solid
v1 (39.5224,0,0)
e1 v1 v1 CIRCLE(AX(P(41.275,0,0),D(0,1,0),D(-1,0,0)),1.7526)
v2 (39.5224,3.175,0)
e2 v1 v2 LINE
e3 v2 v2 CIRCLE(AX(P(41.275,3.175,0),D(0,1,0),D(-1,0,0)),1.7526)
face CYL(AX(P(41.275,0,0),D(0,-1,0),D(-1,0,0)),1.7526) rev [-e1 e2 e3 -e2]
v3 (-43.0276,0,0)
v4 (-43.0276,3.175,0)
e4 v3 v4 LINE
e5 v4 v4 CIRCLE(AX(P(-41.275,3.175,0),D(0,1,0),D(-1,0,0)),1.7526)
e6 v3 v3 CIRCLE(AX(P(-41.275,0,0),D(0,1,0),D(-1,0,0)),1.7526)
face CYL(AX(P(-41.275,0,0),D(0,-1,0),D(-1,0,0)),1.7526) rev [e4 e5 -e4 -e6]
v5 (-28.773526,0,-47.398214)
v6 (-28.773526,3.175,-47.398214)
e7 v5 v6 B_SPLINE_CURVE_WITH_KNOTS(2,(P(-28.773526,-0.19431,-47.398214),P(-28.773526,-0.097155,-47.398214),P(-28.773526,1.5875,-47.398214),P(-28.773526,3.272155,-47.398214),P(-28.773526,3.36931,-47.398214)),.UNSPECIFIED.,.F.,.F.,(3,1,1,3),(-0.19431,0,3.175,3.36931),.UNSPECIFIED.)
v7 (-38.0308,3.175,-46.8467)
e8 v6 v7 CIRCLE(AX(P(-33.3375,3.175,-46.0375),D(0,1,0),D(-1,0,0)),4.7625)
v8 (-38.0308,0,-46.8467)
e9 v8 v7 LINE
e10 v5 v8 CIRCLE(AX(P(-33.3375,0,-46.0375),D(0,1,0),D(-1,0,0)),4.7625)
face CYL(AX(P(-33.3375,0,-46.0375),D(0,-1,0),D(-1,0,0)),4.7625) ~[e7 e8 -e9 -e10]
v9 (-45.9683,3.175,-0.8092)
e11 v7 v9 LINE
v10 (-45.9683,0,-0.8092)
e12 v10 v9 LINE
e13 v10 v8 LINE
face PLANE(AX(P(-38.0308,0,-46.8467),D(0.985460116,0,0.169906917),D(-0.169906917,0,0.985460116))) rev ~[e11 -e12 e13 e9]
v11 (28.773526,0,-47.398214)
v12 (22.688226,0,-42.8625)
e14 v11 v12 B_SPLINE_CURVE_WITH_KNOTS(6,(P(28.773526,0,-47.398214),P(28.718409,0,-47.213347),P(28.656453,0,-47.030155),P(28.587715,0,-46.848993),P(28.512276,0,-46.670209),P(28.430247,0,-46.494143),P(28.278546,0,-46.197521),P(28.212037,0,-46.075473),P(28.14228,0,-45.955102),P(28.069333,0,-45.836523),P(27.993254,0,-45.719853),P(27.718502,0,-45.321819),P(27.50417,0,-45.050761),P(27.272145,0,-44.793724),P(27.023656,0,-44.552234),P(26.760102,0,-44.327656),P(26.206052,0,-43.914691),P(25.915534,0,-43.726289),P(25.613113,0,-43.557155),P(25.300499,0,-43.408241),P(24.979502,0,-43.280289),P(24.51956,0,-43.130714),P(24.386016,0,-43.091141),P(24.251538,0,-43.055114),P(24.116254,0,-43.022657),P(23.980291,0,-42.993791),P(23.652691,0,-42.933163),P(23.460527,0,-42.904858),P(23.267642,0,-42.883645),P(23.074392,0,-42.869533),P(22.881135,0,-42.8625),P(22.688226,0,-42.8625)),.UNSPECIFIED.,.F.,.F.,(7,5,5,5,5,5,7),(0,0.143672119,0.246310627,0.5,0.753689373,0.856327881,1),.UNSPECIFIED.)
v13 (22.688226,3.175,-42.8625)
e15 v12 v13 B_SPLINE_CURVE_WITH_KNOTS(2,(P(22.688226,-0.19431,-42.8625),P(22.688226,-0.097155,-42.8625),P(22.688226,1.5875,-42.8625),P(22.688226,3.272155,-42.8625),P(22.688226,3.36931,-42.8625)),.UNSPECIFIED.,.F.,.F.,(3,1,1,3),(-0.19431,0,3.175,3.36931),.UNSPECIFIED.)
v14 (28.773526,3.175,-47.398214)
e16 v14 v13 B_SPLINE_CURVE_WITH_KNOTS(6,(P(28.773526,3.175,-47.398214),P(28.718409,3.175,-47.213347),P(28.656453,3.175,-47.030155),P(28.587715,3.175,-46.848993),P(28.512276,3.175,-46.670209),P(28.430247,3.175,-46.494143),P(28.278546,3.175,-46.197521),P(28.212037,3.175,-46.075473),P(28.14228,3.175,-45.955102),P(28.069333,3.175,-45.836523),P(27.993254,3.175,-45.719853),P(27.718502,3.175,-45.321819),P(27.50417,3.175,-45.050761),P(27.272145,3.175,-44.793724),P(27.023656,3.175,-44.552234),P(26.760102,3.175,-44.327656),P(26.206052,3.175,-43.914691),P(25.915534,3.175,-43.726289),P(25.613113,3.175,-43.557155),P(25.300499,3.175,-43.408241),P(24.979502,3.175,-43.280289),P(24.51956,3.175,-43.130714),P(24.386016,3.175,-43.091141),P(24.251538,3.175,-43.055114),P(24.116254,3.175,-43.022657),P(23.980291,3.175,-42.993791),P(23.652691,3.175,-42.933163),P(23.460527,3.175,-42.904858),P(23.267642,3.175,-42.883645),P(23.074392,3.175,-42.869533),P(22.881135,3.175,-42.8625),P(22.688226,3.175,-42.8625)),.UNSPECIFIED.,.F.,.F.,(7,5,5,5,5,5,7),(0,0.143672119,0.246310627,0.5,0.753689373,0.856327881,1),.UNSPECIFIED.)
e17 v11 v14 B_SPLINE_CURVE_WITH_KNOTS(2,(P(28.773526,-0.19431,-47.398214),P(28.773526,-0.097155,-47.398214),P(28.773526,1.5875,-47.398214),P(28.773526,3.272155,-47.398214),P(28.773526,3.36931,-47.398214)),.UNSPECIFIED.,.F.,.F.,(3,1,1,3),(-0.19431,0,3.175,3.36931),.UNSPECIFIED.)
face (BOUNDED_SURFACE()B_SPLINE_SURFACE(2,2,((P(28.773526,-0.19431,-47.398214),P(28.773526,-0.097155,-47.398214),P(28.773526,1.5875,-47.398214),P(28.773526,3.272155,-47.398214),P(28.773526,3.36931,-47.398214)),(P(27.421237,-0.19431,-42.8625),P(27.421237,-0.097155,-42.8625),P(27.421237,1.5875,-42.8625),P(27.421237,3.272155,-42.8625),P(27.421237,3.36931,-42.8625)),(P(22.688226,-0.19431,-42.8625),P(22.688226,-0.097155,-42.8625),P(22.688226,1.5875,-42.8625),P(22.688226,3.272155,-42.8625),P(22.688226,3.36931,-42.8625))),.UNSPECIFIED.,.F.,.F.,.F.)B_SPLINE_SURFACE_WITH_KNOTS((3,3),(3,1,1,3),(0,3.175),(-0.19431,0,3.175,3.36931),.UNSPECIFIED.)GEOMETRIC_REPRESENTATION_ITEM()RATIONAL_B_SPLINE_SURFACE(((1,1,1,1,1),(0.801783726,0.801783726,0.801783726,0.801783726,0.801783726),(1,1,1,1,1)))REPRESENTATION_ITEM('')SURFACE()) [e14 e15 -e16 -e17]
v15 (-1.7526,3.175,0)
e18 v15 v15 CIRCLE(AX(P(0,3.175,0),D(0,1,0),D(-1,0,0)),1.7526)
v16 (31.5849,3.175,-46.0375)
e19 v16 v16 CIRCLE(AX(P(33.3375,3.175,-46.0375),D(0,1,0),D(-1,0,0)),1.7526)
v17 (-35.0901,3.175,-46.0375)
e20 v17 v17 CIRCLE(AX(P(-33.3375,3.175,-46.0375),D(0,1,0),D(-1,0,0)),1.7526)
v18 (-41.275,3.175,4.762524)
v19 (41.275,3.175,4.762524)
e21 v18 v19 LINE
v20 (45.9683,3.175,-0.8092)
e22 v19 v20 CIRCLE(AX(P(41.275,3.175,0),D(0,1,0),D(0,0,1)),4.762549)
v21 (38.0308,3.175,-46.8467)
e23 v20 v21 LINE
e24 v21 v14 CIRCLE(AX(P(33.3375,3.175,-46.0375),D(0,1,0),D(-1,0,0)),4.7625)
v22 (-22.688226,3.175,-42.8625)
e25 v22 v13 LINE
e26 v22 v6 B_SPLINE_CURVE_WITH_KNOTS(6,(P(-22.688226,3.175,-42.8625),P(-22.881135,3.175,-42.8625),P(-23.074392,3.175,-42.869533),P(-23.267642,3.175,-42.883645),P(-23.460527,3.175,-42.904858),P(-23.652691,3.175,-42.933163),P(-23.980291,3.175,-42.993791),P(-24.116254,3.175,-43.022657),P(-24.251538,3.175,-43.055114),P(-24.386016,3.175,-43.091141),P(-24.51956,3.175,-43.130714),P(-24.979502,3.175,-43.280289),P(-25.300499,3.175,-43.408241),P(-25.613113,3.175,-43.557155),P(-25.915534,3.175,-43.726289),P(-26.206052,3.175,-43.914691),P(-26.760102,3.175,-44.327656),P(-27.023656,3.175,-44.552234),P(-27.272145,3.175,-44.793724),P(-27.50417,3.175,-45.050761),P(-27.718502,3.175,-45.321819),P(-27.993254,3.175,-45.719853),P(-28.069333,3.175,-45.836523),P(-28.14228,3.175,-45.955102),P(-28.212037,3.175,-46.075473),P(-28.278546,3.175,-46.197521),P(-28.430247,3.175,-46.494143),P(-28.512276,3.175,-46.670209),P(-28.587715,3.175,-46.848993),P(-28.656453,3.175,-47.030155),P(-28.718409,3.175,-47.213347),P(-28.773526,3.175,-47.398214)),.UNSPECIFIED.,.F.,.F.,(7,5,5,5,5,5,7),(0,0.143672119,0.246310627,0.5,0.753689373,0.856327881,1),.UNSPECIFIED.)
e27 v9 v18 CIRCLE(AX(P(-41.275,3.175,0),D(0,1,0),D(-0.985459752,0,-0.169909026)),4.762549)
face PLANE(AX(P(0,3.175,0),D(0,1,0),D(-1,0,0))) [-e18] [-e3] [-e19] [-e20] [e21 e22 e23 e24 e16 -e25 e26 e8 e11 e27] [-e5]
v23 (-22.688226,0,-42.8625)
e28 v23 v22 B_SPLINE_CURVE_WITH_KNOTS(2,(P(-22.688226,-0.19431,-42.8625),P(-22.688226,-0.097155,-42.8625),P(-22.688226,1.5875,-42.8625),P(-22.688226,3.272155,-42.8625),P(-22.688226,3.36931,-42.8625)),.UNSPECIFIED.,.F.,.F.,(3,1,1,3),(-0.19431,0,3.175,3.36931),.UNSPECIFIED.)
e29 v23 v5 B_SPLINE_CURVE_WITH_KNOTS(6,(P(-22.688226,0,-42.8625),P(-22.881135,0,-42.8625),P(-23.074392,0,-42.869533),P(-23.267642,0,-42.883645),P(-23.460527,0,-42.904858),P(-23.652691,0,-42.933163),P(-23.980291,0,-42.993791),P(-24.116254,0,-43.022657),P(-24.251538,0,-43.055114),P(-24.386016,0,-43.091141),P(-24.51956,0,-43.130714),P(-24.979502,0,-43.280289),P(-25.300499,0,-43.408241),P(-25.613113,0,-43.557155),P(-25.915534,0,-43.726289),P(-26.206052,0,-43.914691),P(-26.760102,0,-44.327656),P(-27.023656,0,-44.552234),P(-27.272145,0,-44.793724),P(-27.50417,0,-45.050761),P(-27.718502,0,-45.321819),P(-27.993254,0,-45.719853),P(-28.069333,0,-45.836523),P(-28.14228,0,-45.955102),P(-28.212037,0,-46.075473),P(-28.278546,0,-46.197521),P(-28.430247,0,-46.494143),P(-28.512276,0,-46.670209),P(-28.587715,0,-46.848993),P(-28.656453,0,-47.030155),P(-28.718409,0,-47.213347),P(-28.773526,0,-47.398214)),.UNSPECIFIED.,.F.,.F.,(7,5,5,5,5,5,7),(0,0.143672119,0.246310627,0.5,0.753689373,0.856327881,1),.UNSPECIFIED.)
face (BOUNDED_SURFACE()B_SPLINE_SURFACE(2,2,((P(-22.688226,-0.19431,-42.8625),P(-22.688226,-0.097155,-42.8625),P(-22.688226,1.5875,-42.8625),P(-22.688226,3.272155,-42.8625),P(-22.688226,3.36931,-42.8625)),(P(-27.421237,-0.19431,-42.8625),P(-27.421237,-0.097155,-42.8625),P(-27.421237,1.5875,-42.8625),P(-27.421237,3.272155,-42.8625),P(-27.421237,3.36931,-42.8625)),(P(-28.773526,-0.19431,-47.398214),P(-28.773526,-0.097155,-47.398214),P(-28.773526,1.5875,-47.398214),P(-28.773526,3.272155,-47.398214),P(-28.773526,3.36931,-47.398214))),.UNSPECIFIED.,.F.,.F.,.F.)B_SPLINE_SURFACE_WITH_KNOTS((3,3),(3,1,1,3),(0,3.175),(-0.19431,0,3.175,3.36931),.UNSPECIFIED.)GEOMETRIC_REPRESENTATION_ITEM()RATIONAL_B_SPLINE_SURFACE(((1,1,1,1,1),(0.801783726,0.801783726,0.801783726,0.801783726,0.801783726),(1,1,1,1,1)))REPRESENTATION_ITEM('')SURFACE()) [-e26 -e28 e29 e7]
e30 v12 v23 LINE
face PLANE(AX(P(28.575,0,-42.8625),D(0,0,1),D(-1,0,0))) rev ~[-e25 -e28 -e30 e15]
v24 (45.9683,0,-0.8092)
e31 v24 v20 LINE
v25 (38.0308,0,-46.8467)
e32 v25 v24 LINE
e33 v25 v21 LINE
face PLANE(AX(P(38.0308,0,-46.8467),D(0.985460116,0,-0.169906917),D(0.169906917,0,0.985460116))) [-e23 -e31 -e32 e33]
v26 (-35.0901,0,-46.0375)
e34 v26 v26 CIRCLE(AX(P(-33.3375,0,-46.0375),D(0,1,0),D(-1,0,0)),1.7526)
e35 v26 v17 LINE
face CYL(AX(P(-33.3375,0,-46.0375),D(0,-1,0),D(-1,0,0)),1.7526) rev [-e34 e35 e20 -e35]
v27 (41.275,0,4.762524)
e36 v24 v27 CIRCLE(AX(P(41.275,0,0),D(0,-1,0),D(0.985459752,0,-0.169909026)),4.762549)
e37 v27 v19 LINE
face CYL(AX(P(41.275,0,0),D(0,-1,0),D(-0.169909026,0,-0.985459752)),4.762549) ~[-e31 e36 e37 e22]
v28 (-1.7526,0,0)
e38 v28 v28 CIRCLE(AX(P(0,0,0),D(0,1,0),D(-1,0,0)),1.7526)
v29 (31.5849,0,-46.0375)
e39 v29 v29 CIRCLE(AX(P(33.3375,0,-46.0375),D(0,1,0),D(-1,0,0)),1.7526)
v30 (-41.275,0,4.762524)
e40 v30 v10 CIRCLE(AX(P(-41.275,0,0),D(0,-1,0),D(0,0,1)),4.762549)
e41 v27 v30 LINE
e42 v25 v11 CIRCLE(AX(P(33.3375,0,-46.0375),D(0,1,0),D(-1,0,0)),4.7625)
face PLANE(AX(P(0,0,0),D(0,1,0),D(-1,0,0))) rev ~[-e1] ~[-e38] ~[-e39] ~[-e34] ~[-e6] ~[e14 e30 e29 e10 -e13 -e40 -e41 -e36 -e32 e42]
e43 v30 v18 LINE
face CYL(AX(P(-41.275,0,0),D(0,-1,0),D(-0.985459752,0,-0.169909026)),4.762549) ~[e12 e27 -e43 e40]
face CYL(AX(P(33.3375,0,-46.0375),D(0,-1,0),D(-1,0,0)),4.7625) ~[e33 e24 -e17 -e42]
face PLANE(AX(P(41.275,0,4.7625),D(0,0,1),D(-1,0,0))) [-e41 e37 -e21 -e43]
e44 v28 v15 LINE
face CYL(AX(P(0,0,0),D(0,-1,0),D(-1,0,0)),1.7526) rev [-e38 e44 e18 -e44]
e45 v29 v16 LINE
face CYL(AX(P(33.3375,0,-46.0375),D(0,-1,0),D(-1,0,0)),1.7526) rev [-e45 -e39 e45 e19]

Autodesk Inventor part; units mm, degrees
ref_plane "YZ Plane" through (0, 0, 0) normal (1, 0, 0) x (0, 1, 0)
ref_plane "XZ Plane" through (0, 0, 0) normal (0, 1, 0) x (-1, 0, 0)
ref_plane "XY Plane" through (0, 0, 0) normal (0, 0, 1) x (1, 0, 0)
sketch "Sketch22" plane through (0, 0, 0) normal (0, 1, 0) x (-1, 0, 0)
  circle A0 centre (0, 0) radius 1.7526
  line L0 (0, 0) -> (-41.275, 0) construction
  circle A1 centre (-41.275, 0) radius 1.7526
  circle A2 centre (-82.55, -15.875) radius 1.7526
  circle A3 centre (-33.3375, -46.0375) radius 1.7526
  circle A4 centre (-34.925, -69.85) radius 1.7526
  circle A5 centre (-76.2, -55.5625) radius 1.7526
  circle A6 centre (-38.1, -87.3125) radius 3.302 construction
  circle A7 centre (-52.7601, -77.7875) radius 3.175 construction
  circle A8 centre (-76.2, -55.5625) radius 6.35 construction
  circle A9 centre (-38.1, -87.3125) radius 9.525 construction
  line L1 (-44.6537, -94.2244) -> (-85.429, -55.5625)
  line L2 (-46.8012, -83.4376) -> (-71.592, -59.9316) construction
  line L3 (-71.4375, -49.2125) -> (-88.9, -49.2125)
  line L4 (-88.9, -49.2125) -> (-88.9, -20.6375) construction
  line L5 (-88.9, -20.6375) -> (-71.4375, -20.6375)
  line L6 (-71.4375, -20.6375) -> (-71.4375, -49.2125)
  line L7 (-88.9, -49.2125) -> (-82.55, -49.2125)
  line L8 (-82.55, -49.2125) -> (-82.55, -55.5625) construction
  line L9 (-82.55, -55.5625) -> (-88.9, -55.5625)
  line L10 (-88.9, -55.5625) -> (-88.9, -49.2125)
  line L11 (-28.575, -87.3125) -> (-28.575, -42.8625)
  line L12 (-35.0901, -42.8625) -> (0, -42.8625)
  line L13 (0, -42.8625) -> (0, -38.1) construction
  line L14 (0, -38.1) -> (-35.0901, -38.1)
  line L15 (-35.0901, -38.1) -> (-35.0901, -42.8625) construction
  line L16 (-73.025, 4.7625) -> (0, 4.7625)
  line L17 (0, 4.7625) -> (0, -4.7625) construction
  line L18 (0, -4.7625) -> (-73.025, -4.7625)
  line L19 (-73.025, -4.7625) -> (-73.025, 4.7625)
  line L20 (-73.025, 4.7625) -> (0, -4.7625) construction
  line L21 (0, 4.7625) -> (-73.025, -4.7625) construction
  line L22 (-88.9, -20.6375) -> (-73.025, -20.6375)
  line L23 (-73.025, -20.6375) -> (-73.025, 0) construction
  line L24 (-73.025, 0) -> (-88.9, 0)
  line L25 (-88.9, 0) -> (-88.9, -20.6375)
  circle A10 centre (-52.7601, -77.7875) radius 6.35 construction
  circle A11 centre (-34.925, -69.85) radius 6.35 construction
  line L26 (-28.575, -74.7551) -> (-57.283, -82.2497)
  circle A12 centre (-33.3375, -46.0375) radius 4.7625
  arc A13 (-40.4658, -4.6933) -> (-45.9683, -0.8092) centre (-41.275, 0) ccw
  line L27 (-33.3375, -46.0375) -> (-41.275, 0) construction
  circle A14 centre (-82.55, -15.875) radius 4.7625
  line L28 (-42.9846, 4.4451) -> (-84.2596, -11.4299)
  line L29 (-87.3125, -15.875) -> (-87.3125, -20.6375)
  circle A15 centre (0, 0) radius 1.7526
  line L30 (0, 0) -> (41.275, 0) construction
  circle A16 centre (41.275, 0) radius 1.7526
  circle A17 centre (82.55, -15.875) radius 1.7526
  circle A18 centre (33.3375, -46.0375) radius 1.7526
  circle A19 centre (34.925, -69.85) radius 1.7526
  circle A20 centre (76.2, -55.5625) radius 1.7526
  circle A21 centre (38.1, -87.3125) radius 3.302 construction
  circle A22 centre (52.7601, -77.7875) radius 3.175 construction
  circle A23 centre (76.2, -55.5625) radius 6.35 construction
  circle A24 centre (38.1, -87.3125) radius 9.525 construction
  line L31 (44.6537, -94.2244) -> (85.429, -55.5625)
  line L32 (46.8012, -83.4376) -> (71.592, -59.9316) construction
  line L33 (71.4375, -49.2125) -> (88.9, -49.2125)
  line L34 (88.9, -49.2125) -> (88.9, -20.6375) construction
  line L35 (88.9, -20.6375) -> (71.4375, -20.6375)
  line L36 (71.4375, -20.6375) -> (71.4375, -49.2125)
  line L37 (88.9, -49.2125) -> (82.55, -49.2125)
  line L38 (82.55, -49.2125) -> (82.55, -55.5625) construction
  line L39 (82.55, -55.5625) -> (88.9, -55.5625)
  line L40 (88.9, -55.5625) -> (88.9, -49.2125)
  line L41 (28.575, -87.3125) -> (28.575, -42.8625)
  line L42 (35.0901, -42.8625) -> (0, -42.8625)
  line L43 (0, -38.1) -> (35.0901, -38.1)
  line L44 (35.0901, -38.1) -> (35.0901, -42.8625) construction
  line L45 (73.025, 4.7625) -> (0, 4.7625)
  line L46 (0, -4.7625) -> (73.025, -4.7625)
  line L47 (73.025, -4.7625) -> (73.025, 4.7625)
  line L48 (73.025, 4.7625) -> (0, -4.7625) construction
  line L49 (0, 4.7625) -> (73.025, -4.7625) construction
  line L50 (88.9, -20.6375) -> (73.025, -20.6375)
  line L51 (73.025, -20.6375) -> (73.025, 0) construction
  line L52 (73.025, 0) -> (88.9, 0)
  line L53 (88.9, 0) -> (88.9, -20.6375)
  circle A25 centre (52.7601, -77.7875) radius 6.35 construction
  circle A26 centre (34.925, -69.85) radius 6.35 construction
  line L54 (28.575, -74.7551) -> (57.283, -82.2497)
  circle A27 centre (33.3375, -46.0375) radius 4.7625
  arc A28 (45.9683, -0.8092) -> (40.4658, -4.6933) centre (41.275, 0) ccw
  line L55 (33.3375, -46.0375) -> (41.275, 0) construction
  circle A29 centre (82.55, -15.875) radius 4.7625
  line L56 (42.9846, 4.4451) -> (84.2596, -11.4299)
  line L57 (87.3125, -15.875) -> (87.3125, -20.6375)
  circle A30 centre (-52.7601, -77.7875) radius 1.7526
  circle A31 centre (52.7601, -77.7875) radius 1.7526
  circle A32 centre (-33.3375, -46.0375) radius 3.175 construction
  line L58 (38.0308, -46.8467) -> (45.9683, -0.8092)
  line L59 (-38.0308, -46.8467) -> (-45.9683, -0.8092)
  point P0 (-36.5125, 0)
  point P1 (-57.2791, -82.2486)
  point P2 (36.5125, 0)
  point P3 (57.2791, -82.2486)
  point P4 (-41.275, 4.7625)
  point P5 (41.275, 4.7625)
  point P6 (-33.8849, -42.8625)
  point P7 (-33.3375, -44.2849)
  point P8 (-33.6353, -44.3104)
  point P9 (33.3375, -44.2849)
  point P10 (33.8849, -42.8625)
  point P11 (33.6353, -44.3104)
  point P12 (40.4539, -4.7625)
  point P13 (34.706, -38.1)
  point P14 (-34.706, -38.1)
  point P15 (-40.4539, -4.7625)
  point P16 (-28.575, -46.0375)
  point P17 (28.575, -46.0375)
  dimension "d151" = 3.5052
  dimension "d152" = 41.275
  dimension "d153" = 3.5052
  dimension "d154" = 3.5052
  dimension "d155" = 15.875
  dimension "d156" = 41.275
  dimension "d157" = 3.5052
  dimension "d158" = 7.9375
  dimension "d159" = 46.0375
  dimension "d160" = 3.5052
  dimension "d161" = 6.35
  dimension "d162" = 69.85
  dimension "d163" = 3.5052
  dimension "d164" = 34.925
  dimension "d165" = 55.5625
  dimension "d166" = 6.604
  dimension "d167" = 87.3125
  dimension "d168" = 38.1
  dimension "d169" = 6.35
  dimension "d170" = 12.7
  dimension "d171" = 19.05
  dimension "d172" = 6.35
  dimension "d173" = 9.525
  dimension "d174" = 49.2125
  dimension "d175" = 28.575
  dimension "d176" = 4.7625
  dimension "d177" = 88.9
  dimension "d178" = 6.35
  dimension "d179" = 4.7625
  dimension "d180" = 9.525
  dimension "d181" = 73.025
  dimension "d182" = 3.5052
  dimension "d183" = 3.5052
  dimension "d187" = 6.35
extrude "Extrusion20" add sketch "Sketch22" along normal blind 3.175 contours A12 L12 L11 | A12 | L12 A12 L59 L18 L46 L58 A27 L42 | L59 A13 L16 L45 A28 L58 L46 L18 | L42 A27 L41 | A27
fillet "Fillet13" radius 6.35 2 edges at (28.575, 1.5875, -42.8625) (-28.575, 1.5875, -42.8625)
properties part number "Pod" material "UHMW, White"
